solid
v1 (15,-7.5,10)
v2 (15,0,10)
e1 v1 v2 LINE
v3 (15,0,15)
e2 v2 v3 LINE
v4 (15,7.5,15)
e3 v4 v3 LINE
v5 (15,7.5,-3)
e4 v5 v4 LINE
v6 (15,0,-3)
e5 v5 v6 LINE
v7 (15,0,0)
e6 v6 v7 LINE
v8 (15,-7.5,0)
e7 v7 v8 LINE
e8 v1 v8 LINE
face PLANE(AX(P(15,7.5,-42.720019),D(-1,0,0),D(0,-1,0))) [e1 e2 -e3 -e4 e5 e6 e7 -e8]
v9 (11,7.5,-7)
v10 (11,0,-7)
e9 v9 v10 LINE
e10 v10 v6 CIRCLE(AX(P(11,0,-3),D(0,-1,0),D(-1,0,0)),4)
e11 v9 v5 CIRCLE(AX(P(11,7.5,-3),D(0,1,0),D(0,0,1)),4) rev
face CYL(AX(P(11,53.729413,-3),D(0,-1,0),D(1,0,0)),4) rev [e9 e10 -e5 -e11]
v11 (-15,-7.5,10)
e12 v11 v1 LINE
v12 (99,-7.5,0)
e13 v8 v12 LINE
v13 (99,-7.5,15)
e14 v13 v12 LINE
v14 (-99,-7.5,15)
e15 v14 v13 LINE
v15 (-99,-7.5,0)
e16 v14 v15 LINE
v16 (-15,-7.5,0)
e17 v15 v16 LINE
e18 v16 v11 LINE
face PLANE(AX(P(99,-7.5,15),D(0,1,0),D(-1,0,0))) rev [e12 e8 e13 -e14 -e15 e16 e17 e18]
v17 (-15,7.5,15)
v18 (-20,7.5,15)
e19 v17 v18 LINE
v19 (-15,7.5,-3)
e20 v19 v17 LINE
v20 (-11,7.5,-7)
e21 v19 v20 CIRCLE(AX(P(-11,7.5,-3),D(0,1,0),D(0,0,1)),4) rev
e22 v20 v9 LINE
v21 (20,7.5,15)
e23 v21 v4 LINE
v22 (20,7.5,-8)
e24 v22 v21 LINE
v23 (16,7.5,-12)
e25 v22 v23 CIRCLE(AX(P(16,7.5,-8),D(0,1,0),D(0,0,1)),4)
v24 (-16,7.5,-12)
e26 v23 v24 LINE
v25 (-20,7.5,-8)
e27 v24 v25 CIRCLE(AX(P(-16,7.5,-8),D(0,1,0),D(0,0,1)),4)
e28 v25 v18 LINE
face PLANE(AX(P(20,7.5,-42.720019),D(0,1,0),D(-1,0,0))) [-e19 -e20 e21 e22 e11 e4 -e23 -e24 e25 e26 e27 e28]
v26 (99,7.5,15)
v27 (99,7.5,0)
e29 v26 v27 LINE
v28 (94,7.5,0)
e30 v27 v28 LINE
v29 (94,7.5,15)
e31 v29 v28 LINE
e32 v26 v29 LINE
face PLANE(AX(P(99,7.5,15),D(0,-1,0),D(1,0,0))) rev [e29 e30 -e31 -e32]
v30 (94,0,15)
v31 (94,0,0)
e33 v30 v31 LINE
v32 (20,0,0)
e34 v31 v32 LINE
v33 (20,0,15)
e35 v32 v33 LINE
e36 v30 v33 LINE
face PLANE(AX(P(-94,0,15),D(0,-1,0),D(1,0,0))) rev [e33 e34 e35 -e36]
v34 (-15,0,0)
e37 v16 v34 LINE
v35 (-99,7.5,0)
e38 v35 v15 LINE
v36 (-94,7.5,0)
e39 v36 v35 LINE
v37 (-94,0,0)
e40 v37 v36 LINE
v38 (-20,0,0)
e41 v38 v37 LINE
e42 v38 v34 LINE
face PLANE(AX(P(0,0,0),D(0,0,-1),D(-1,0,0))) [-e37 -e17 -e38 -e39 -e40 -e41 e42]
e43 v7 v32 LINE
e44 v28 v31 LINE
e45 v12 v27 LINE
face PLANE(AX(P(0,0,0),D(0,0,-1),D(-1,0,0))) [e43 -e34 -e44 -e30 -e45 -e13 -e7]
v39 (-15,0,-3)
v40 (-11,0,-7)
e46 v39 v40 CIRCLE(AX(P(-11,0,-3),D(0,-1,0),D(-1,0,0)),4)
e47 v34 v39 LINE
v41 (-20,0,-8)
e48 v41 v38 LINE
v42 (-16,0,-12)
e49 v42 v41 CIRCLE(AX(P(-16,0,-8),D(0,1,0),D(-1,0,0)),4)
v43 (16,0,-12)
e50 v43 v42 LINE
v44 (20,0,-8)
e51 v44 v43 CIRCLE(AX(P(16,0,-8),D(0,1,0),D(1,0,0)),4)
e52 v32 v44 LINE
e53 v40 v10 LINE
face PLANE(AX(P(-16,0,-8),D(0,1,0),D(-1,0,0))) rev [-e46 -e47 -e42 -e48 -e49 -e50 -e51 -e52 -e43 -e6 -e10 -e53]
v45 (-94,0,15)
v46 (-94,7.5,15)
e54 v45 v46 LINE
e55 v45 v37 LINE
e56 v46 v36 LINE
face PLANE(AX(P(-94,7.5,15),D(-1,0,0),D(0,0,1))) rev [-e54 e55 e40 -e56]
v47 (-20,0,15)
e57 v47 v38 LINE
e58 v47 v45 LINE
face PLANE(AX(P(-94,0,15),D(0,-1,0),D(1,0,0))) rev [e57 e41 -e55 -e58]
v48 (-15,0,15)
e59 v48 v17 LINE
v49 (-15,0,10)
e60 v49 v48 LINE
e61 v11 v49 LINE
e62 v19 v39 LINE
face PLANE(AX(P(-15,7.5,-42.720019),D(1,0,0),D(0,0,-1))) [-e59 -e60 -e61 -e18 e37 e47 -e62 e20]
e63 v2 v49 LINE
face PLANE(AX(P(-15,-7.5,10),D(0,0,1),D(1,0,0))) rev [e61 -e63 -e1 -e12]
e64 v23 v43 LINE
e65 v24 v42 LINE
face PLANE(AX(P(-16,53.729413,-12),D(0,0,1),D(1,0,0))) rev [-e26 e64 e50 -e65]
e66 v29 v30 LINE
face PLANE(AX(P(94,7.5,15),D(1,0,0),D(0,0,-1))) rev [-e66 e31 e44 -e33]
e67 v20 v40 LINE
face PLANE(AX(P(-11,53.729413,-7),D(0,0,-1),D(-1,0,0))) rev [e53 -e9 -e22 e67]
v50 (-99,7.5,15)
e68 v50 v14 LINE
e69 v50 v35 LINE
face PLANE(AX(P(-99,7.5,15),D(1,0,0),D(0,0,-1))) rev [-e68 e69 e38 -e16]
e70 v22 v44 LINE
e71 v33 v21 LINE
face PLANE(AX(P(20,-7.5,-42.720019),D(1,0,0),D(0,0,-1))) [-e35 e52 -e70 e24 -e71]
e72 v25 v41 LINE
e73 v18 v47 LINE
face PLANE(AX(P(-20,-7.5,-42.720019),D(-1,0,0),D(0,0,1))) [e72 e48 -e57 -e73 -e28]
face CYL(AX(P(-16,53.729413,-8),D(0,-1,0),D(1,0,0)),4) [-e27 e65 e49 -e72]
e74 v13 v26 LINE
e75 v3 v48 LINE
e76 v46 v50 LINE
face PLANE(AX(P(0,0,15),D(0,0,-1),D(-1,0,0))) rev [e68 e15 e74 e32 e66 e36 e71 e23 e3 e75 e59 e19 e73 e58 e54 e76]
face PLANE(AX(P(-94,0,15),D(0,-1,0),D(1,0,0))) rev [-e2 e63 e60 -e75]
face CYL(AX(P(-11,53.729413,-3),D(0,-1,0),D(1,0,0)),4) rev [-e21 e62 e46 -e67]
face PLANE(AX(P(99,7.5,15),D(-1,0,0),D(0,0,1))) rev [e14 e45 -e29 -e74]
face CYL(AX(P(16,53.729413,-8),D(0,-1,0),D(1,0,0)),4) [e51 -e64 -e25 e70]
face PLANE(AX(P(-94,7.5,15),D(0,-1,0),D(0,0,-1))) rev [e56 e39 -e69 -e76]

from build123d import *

# Parameters (mm, degrees)
EXTRUDE_1_DEPTH          = 15
EXTRUDE_2_DEPTH          = 15
CUT_EXTRUDE_1_DEPTH      = 101.410407827
CUT_EXTRUDE_1_DEPTH_BACK = 101.410407827
SKETCH_3_W               = 30
SKETCH_3_H               = 10
EXTRUDE_3_DEPTH          = 7.5


with BuildPart() as part:
    # 草图1 → 凸台-拉伸1 (new body)
    with BuildSketch(Plane.XY):
        Polygon((-94, 7.5), (-99, 7.5), (-99, -7.5), (99, -7.5), (99, 7.5), (94, 7.5), (94, 0), (-94, 0), align=None)
    extrude(amount=EXTRUDE_1_DEPTH)

    # 草图2 → 凸台-拉伸2 (add)
    with BuildSketch(Plane.XY.offset(15)):
        Polygon((20, -7.5), (-20, -7.5), (-20, 7.5), (-15, 7.5), (-15, 0), (15, 0), (15, 7.5), (20, 7.5), align=None)
    extrude(amount=-EXTRUDE_2_DEPTH)

    # 草图3 → 切除-拉伸1 (cut, two sides: drawn at the far end of the back side and taken through both)
    with BuildSketch(Plane(origin=(0, 0, 0), x_dir=(1, 0, 0), z_dir=(0, 1, 0)).offset(-CUT_EXTRUDE_1_DEPTH_BACK)):
        with Locations((0, -5)):
            Rectangle(SKETCH_3_W, SKETCH_3_H)
    extrude(amount=CUT_EXTRUDE_1_DEPTH + CUT_EXTRUDE_1_DEPTH_BACK, mode=Mode.SUBTRACT)

    # 草图4 → 凸台-拉伸3 (add)
    with BuildSketch(Plane(origin=(0, 0, 0), x_dir=(1, 0, 0), z_dir=(0, 1, 0))):
        with BuildLine():
            Line((-15, -11.176683095), (-15, 3))
            ThreePointArc((-15, 3), (-13.828427125, 5.828427125), (-11, 7))
            Line((-11, 7), (11, 7))
            ThreePointArc((11, 7), (13.828427125, 5.828427125), (15, 3))
            Line((15, 3), (15, 0))
            Line((15, 0), (20, 0))
            Line((20, 0), (20, 8))
            ThreePointArc((20, 8), (18.828427125, 10.828427125), (16, 12))
            Line((16, 12), (-16, 12))
            ThreePointArc((-16, 12), (-18.828427125, 10.828427125), (-20, 8))
            Line((-20, 8), (-20, -11.176683095))
            Line((-20, -11.176683095), (-15, -11.176683095))
        make_face()
    extrude(amount=EXTRUDE_3_DEPTH)


solid = part.part
